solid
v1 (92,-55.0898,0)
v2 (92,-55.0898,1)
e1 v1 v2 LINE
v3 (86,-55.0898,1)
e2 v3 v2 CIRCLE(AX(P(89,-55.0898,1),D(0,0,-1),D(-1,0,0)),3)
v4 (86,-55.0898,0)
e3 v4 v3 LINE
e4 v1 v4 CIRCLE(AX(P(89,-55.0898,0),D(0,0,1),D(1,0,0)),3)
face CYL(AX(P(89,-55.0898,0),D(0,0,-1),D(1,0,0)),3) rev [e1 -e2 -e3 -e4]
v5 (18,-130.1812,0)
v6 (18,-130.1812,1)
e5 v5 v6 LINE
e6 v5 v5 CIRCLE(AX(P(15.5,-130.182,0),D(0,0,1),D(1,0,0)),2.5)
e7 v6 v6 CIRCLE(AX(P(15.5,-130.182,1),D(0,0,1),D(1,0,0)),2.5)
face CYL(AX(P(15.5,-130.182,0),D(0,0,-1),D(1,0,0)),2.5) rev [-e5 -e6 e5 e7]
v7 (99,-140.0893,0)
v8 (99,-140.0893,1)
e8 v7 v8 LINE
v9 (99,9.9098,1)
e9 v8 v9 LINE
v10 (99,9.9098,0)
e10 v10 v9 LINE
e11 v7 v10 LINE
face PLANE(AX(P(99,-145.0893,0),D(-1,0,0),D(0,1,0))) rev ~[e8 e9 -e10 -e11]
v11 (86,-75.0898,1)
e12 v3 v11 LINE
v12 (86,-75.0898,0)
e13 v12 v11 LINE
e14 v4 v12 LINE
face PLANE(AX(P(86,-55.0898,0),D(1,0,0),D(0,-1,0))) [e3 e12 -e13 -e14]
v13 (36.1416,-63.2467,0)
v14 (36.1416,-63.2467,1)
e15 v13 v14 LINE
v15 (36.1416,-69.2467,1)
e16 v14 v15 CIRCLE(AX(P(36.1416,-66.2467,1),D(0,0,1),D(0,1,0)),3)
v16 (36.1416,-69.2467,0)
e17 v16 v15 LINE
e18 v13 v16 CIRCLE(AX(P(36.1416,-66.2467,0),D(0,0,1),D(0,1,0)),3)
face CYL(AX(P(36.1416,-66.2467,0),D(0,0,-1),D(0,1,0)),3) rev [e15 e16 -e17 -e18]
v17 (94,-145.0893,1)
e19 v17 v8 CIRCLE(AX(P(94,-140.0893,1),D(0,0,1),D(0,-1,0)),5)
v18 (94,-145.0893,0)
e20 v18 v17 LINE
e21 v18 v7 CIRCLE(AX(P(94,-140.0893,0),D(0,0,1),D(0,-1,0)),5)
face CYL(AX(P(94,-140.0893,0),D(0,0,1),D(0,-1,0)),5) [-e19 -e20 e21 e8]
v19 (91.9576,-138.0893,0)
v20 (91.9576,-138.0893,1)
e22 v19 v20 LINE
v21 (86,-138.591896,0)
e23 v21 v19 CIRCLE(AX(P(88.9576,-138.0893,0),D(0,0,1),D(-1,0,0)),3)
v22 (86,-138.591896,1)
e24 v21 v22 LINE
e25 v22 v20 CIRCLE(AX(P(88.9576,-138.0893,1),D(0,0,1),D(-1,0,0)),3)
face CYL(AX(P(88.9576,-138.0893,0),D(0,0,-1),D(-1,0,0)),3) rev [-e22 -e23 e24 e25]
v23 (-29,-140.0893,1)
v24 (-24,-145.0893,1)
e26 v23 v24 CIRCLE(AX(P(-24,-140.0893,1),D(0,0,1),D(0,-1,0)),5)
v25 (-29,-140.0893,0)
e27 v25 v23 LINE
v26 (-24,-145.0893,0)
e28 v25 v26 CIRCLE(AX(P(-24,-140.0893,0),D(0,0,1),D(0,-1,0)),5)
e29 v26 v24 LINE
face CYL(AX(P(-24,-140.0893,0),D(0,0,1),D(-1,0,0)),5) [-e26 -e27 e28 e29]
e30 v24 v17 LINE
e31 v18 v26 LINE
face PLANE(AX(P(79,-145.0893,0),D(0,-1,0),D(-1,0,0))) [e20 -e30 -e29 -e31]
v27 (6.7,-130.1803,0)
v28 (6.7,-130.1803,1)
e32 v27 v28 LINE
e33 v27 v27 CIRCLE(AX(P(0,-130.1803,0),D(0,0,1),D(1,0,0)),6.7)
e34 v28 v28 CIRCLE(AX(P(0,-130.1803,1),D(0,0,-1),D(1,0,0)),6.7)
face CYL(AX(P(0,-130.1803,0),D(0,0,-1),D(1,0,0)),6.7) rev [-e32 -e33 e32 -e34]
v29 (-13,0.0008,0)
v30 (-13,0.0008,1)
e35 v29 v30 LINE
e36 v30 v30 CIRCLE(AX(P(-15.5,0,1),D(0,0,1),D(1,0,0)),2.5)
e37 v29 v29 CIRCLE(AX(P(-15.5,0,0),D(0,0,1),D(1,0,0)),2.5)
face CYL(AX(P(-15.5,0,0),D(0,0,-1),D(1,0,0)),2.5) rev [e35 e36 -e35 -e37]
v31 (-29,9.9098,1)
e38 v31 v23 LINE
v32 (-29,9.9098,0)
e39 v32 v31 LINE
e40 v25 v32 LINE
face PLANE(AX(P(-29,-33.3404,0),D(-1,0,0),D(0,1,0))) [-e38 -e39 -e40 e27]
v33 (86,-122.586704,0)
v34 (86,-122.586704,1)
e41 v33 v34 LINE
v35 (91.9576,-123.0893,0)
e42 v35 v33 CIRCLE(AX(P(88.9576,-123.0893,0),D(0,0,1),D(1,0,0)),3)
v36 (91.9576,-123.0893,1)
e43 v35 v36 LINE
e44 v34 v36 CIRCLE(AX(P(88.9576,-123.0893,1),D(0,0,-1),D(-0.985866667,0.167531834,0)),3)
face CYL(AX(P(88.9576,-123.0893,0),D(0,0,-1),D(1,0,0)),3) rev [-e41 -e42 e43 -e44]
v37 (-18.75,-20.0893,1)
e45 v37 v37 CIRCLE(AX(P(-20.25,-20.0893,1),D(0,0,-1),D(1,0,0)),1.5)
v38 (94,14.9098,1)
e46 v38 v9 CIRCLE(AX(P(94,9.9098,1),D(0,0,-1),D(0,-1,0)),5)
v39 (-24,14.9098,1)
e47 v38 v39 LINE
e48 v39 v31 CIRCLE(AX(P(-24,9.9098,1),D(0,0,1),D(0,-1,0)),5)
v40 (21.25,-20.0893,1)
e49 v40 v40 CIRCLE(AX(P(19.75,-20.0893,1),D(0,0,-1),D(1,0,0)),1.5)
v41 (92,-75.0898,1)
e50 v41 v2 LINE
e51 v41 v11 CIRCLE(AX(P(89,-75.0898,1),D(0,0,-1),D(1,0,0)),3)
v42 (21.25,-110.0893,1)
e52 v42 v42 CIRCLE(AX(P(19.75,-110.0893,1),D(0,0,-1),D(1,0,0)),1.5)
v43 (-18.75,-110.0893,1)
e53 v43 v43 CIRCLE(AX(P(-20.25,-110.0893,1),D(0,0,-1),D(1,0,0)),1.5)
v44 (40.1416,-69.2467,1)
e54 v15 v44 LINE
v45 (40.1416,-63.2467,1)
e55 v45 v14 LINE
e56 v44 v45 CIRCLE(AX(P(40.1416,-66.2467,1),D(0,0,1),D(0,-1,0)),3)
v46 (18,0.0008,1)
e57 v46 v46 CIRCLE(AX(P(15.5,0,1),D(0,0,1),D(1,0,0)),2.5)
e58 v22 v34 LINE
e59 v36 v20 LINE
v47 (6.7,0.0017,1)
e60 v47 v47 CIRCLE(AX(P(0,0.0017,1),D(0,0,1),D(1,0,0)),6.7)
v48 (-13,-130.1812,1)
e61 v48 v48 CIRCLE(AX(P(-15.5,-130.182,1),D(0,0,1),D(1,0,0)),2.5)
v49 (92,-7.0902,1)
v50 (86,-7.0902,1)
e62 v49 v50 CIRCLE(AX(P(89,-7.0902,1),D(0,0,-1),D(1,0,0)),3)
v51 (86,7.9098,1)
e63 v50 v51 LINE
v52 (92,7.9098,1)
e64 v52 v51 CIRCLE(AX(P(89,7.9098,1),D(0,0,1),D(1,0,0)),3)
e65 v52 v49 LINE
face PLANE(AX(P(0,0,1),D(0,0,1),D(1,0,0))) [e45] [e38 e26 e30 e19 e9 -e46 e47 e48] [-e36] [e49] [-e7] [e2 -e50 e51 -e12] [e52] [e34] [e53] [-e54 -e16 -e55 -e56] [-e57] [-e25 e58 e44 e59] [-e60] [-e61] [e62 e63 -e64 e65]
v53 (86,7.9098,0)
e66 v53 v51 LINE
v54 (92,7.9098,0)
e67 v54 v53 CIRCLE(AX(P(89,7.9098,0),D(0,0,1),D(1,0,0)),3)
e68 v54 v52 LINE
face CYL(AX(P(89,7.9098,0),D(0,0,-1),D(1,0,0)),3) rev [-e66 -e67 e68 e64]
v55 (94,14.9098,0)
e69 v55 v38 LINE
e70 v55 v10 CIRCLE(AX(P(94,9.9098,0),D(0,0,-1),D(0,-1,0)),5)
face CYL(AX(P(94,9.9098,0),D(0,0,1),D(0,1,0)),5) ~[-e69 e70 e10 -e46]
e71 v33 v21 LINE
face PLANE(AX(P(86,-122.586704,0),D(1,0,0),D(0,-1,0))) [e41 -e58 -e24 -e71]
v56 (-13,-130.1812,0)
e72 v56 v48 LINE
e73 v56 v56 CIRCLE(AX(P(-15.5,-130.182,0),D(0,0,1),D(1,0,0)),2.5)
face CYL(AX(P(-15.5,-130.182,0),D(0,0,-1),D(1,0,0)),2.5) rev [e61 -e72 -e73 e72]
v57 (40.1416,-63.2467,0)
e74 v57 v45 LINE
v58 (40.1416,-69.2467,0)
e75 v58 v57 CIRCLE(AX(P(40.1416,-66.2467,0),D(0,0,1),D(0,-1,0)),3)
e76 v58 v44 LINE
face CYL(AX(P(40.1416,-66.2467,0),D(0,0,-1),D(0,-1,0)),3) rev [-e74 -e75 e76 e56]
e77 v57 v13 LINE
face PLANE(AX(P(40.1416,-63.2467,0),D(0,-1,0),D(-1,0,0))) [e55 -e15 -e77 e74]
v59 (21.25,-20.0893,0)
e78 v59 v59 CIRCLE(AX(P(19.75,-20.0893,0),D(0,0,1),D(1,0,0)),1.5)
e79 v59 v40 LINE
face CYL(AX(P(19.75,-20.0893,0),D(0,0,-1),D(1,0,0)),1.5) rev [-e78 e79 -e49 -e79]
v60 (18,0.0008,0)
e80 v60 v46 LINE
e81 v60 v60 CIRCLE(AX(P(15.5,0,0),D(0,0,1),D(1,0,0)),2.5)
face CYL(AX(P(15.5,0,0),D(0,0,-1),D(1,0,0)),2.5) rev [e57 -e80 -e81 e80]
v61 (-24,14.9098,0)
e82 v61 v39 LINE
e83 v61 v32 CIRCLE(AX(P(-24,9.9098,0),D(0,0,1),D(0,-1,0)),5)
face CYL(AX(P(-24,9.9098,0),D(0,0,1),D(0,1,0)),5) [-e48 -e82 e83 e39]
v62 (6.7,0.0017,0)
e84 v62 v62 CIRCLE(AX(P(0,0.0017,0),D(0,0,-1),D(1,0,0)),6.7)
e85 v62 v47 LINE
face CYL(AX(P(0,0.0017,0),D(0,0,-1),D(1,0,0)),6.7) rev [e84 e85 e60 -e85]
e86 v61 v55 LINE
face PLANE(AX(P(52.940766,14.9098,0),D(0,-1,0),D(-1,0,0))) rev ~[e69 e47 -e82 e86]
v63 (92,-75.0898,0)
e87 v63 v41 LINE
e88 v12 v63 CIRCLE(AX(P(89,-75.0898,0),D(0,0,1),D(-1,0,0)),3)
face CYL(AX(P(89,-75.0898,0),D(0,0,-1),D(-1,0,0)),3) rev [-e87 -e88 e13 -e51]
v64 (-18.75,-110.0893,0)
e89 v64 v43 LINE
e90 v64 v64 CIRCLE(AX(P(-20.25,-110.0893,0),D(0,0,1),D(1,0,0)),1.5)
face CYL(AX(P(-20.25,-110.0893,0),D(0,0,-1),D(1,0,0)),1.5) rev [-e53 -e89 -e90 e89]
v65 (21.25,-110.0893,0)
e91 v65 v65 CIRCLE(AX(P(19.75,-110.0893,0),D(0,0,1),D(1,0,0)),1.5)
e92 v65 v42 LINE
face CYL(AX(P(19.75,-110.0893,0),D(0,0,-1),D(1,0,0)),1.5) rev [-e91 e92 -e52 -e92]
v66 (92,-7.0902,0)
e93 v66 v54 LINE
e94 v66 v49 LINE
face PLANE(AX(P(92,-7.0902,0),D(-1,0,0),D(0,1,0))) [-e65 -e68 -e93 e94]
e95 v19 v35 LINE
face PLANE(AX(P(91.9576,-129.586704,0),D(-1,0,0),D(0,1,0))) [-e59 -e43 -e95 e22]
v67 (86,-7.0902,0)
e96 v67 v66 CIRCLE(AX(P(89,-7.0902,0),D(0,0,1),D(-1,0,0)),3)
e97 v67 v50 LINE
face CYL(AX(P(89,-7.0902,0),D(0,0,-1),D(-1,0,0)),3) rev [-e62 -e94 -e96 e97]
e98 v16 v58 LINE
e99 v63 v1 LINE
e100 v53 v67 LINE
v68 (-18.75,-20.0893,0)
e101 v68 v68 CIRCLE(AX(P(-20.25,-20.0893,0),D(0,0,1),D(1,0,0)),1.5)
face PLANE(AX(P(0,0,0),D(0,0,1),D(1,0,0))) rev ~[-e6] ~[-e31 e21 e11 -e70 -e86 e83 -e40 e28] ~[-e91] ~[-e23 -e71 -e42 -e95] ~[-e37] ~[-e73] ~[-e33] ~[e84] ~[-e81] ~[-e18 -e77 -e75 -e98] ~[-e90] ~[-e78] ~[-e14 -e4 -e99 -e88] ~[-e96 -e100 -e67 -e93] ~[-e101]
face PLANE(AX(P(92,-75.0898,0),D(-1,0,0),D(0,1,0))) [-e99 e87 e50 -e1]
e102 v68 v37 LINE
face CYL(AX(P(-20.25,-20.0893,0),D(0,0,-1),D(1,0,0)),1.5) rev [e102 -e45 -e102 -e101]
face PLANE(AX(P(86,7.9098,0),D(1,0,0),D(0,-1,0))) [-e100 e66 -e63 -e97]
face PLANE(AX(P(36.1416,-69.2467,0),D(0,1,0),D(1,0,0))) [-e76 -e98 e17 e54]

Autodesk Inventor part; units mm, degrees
ref_plane "YZ Plane" through (0, 0, 0) normal (1, 0, 0) x (0, 1, 0)
ref_plane "XZ Plane" through (0, 0, 0) normal (0, 1, 0) x (-1, 0, 0)
ref_plane "XY Plane" through (0, 0, 0) normal (0, 0, 1) x (1, 0, 0)
sketch "スケッチ1" plane through (0, 0, 0) normal (0, 0, 1) x (1, 0, 0)
  circle A0 centre (-15.5, 0) radius 2.5 projected
  circle A1 centre (15.5, 0) radius 2.5 projected
  circle A2 centre (0, 0) radius 11 projected
  line L0 (-15.1987, 13) -> (15.1987, 13) projected
  arc A3 (15.1987, -13) -> (15.1987, 13) centre (0, 0) ccw projected
  line L1 (15.1987, -13) -> (-15.1987, -13) projected
  arc A4 (-15.1987, 13) -> (-15.1987, -13) centre (0, 0) ccw projected
  circle A5 centre (-15.5, -130.182) radius 2.5 projected
  circle A6 centre (15.5, -130.182) radius 2.5 projected
  circle A7 centre (0, -130.182) radius 11 projected
  line L2 (-15.1987, -143.182) -> (15.1987, -143.182) projected
  arc A8 (-15.1987, -117.182) -> (-15.1987, -143.182) centre (0, -130.182) ccw projected
  line L3 (15.1987, -117.182) -> (-15.1987, -117.182) projected
  arc A9 (15.1987, -143.182) -> (15.1987, -117.182) centre (0, -130.182) ccw projected
  circle A10 centre (0, -130.182) radius 5 projected
  circle A11 centre (0, 0) radius 5 projected
  line L4 (-29, -33.3404) -> (-29, 14.9098) projected
  line L5 (99, -145.0893) -> (-29, -145.0893) projected
  line L6 (-29, -63.34) -> (-29, -33.3408)
  line L7 (99, -145.0893) -> (99, 14.9098)
  line L8 (99, 14.9098) -> (297.1795, 14.9098)
  line L9 (297.1795, 14.9098) -> (297.1795, -145.0893)
  line L10 (297.1795, -145.0893) -> (99, -145.0893)
  circle A12 centre (0, -130.1819) radius 55
  circle A13 centre (0, 0.0009) radius 55
  line L11 (297.1795, -145.0893) -> (237.1795, -145.0893)
  line L12 (237.1795, -145.0893) -> (237.1795, 14.9098)
  line L13 (237.1795, 14.9098) -> (297.1795, 14.9098)
  line L14 (297.1795, 14.9098) -> (297.1795, -145.0893)
  line L15 (99, 14.9098) -> (-29, 14.9098) projected
  line L16 (99, 14.9098) -> (99, -145.0893) projected
  line L17 (92, -168.0902) -> (92, 36.9098) projected
  line L18 (86, 36.9098) -> (86, -168.0902) projected
  line L19 (89, 7.9098) -> (89, -7.0902) construction
  line L20 (92, 7.9098) -> (92, -7.0902)
  line L21 (86, -7.0902) -> (86, 7.9098)
  arc A14 (92, 7.9098) -> (86, 7.9098) centre (89, 7.9098) ccw
  arc A15 (86, -7.0902) -> (92, -7.0902) centre (89, -7.0902) ccw
  line L22 (87.3545, -74.7724) -> (87.3545, -54.7724) construction
  line L23 (90.3545, -74.7724) -> (90.3545, -54.7724)
  line L24 (84.3545, -54.7724) -> (84.3545, -74.7724)
  arc A16 (84.3545, -74.7724) -> (90.3545, -74.7724) centre (87.3545, -74.7724) ccw
  arc A17 (90.3545, -54.7724) -> (84.3545, -54.7724) centre (87.3545, -54.7724) ccw
  line L25 (-29, -145.0893) -> (-0.25, -145.0893)
  line L26 (-0.25, -145.0893) -> (-0.25, 14.9098)
  line L27 (-0.25, 14.9098) -> (-29, 14.9098)
  line L28 (-29, 14.9098) -> (-29, -145.0893)
  line L29 (19.75, -105.0893) -> (19.75, -25.0893)
  line L30 (19.75, -25.0893) -> (-20.25, -25.0893)
  line L31 (-20.25, -25.0893) -> (-20.25, -105.0893)
  line L32 (-20.25, -105.0893) -> (19.75, -105.0893)
  line L33 (19.75, -105.0893) -> (-20.25, -25.0893) construction
  line L34 (19.75, -25.0893) -> (-20.25, -105.0893) construction
  line L35 (19.75, -110.0893) -> (19.75, -20.0893)
  line L36 (19.75, -20.0893) -> (-20.25, -20.0893)
  line L37 (-20.25, -20.0893) -> (-20.25, -110.0893)
  line L38 (-20.25, -110.0893) -> (19.75, -110.0893)
  line L39 (19.75, -110.0893) -> (-20.25, -20.0893) construction
  line L40 (19.75, -20.0893) -> (-20.25, -110.0893) construction
  circle A18 centre (19.75, -110.0893) radius 1.5
  circle A19 centre (19.75, -20.0893) radius 1.5
  circle A20 centre (-20.25, -20.0893) radius 1.5
  circle A21 centre (-20.25, -110.0893) radius 1.5
  line L41 (88.9576, -138.0893) -> (88.9576, -123.0893) construction
  line L42 (91.9576, -138.0893) -> (91.9576, -123.0893)
  line L43 (85.9576, -123.0893) -> (85.9576, -138.0893)
  arc A22 (85.9576, -138.0893) -> (91.9576, -138.0893) centre (88.9576, -138.0893) ccw
  arc A23 (91.9576, -123.0893) -> (85.9576, -123.0893) centre (88.9576, -123.0893) ccw
  line L44 (-15.829, -33.3462) -> (-29, -33.3404) projected
  line L45 (-29, -145.0893) -> (-29, -63.34) projected
  line L46 (-29, -63.34) -> (-16.162, -63.34) projected
  arc A24 (-16.162, -63.34) -> (-15.829, -33.3462) centre (-16.25, -48.3403) ccw projected
  line L47 (55.6416, -41.2467) -> (55.6416, -91.2467) projected
  arc A25 (55.6416, -91.2467) -> (80.6416, -91.2467) centre (68.1416, -91.2467) ccw projected
  line L48 (80.6416, -91.2467) -> (80.6416, -41.2467) projected
  arc A26 (80.6416, -41.2467) -> (55.6416, -41.2467) centre (68.1416, -41.2467) ccw projected
  line L49 (86, -55.0898) -> (86, -75.0898) projected
  arc A27 (86, -75.0898) -> (92, -75.0898) centre (89, -75.0898) ccw projected
  line L50 (92, -75.0898) -> (92, -55.0898) projected
  arc A28 (92, -55.0898) -> (86, -55.0898) centre (89, -55.0898) ccw projected
  circle A29 centre (48.7299, -140.0893) radius 1.5 projected
  circle A30 centre (14.75, -81.84) radius 15.8 projected
  circle A31 centre (-15.5, 0.0016) radius 2.5 projected
  circle A32 centre (-15.5, -130.1804) radius 2.5 projected
  arc A33 (86.1416, -121.2458) -> (90.1416, -121.2458) centre (88.1416, -121.2458) ccw projected
  line L51 (90.1416, -121.2458) -> (90.1416, -111.2458) projected
  arc A34 (90.1416, -111.2458) -> (86.1416, -111.2458) centre (88.1416, -111.2458) ccw projected
  line L52 (86.1416, -111.2458) -> (86.1416, -121.2458) projected
  arc A35 (56.1416, -21.2467) -> (60.1416, -21.2467) centre (58.1416, -21.2467) ccw projected
  line L53 (60.1416, -21.2467) -> (60.1416, -11.2467) projected
  arc A36 (60.1416, -11.2467) -> (56.1416, -11.2467) centre (58.1416, -11.2467) ccw projected
  line L54 (56.1416, -11.2467) -> (56.1416, -21.2467) projected
  arc A37 (92, 9.9098) -> (86, 9.9098) centre (89, 9.9098) ccw projected
  line L55 (86, 9.9098) -> (86, -0.0902) projected
  arc A38 (86, -0.0902) -> (92, -0.0902) centre (89, -0.0902) ccw projected
  line L56 (92, -0.0902) -> (92, 9.9098) projected
  arc A39 (56.1416, -121.2458) -> (60.1416, -121.2458) centre (58.1416, -121.2458) ccw projected
  line L57 (60.1416, -121.2458) -> (60.1416, -111.2458) projected
  arc A40 (60.1416, -111.2458) -> (56.1416, -111.2458) centre (58.1416, -111.2458) ccw projected
  line L58 (56.1416, -111.2458) -> (56.1416, -121.2458) projected
  circle A41 centre (68.7415, -140.0893) radius 1.5 projected
  circle A42 centre (0, -130.1803) radius 6.7 projected
  circle A43 centre (15.5, 0.0016) radius 2.5 projected
  circle A44 centre (0, 0.0017) radius 6.7 projected
  circle A45 centre (15.5, -130.1804) radius 2.5 projected
  circle A46 centre (48.73, 9.9098) radius 1.5 projected
  arc A47 (86, -140.0893) -> (92, -140.0893) centre (89, -140.0893) ccw projected
  line L59 (92, -140.0893) -> (92, -130.0893) projected
  arc A48 (92, -130.0893) -> (86, -130.0893) centre (89, -130.0893) ccw projected
  line L60 (86, -130.0893) -> (86, -140.0893) projected
  arc A49 (90.1416, -11.2467) -> (86.1416, -11.2467) centre (88.1416, -11.2467) ccw projected
  line L61 (86.1416, -11.2467) -> (86.1416, -21.2467) projected
  arc A50 (86.1416, -21.2467) -> (90.1416, -21.2467) centre (88.1416, -21.2467) ccw projected
  line L62 (90.1416, -21.2467) -> (90.1416, -11.2467) projected
  line L63 (40.1416, -63.2467) -> (36.1416, -63.2467) projected
  arc A51 (36.1416, -63.2467) -> (36.1416, -69.2467) centre (36.1416, -66.2467) ccw projected
  line L64 (36.1416, -69.2467) -> (40.1416, -69.2467) projected
  arc A52 (40.1416, -69.2467) -> (40.1416, -63.2467) centre (40.1416, -66.2467) ccw projected
  circle A53 centre (68.9885, 9.909) radius 1.5 projected
  circle A54 centre (68.9885, 9.9098) radius 1.5 projected
  line L65 (99, -145.0893) -> (79, -145.0893)
  line L66 (79, -145.0893) -> (79, 14.9098)
  line L67 (79, 14.9098) -> (99, 14.9098)
  line L68 (99, 14.9098) -> (99, -145.0893)
  point P0 (0, 0)
  point P1 (119, 14.909)
  point P2 (89, 0.4098)
  point P3 (92, 7.909)
  point P4 (92, -7.091)
  point P5 (86, -7.094)
  point P6 (86, 7.9142)
  point P7 (87.3545, -64.7724)
  point P8 (86, -7.0941)
  point P9 (86, 7.909)
  point P10 (92, -55.0901)
  point P11 (92, -75.0901)
  point P12 (86, -77.4492)
  point P13 (86, -52.0956)
  point P14 (114.2151, 14.909)
  point P15 (237.2519, 14.9098)
  point P16 (-0.25, -65.0893)
  point P17 (86, -7.0943)
  point P18 (86, -7.091)
  point P19 (88.9576, -130.5893)
  point P20 (86, -138.5921)
  point P21 (86, -122.5866)
  point P22 (112.6121, 14.909)
  point P23 (112.6121, 14.909)
  point P24 (92.6121, -145.0901)
  point P25 (92.6121, 14.909)
  point P26 (-0.25, -145.0901)
  point P27 (92.6121, 14.909)
  point P28 (-0.25, -145.0901)
  point P29 (237.1795, -145.0893)
  point P30 (237.1795, 14.909)
  point P31 (-29, -33.3412)
  point P32 (-29, -63.3408)
  point P33 (-0.25, -145.091)
  point P34 (-29, -33.3422)
  point P35 (-29, -63.3417)
  point P36 (-0.25, -145.091)
  point P37 (-0.25, -145.0908)
  point P38 (-0.25, -145.0908)
  point P39 (-0.25, -145.0905)
  point P40 (-0.25, -145.0905)
  point P41 (-0.25, -145.0902)
  point P42 (-0.25, -145.0902)
  point P43 (-0.25, -145.0899)
  point P44 (-0.25, -145.0899)
  point P45 (-0.25, -145.0896)
  point P46 (-0.25, -145.0896)
  point P47 (-0.25, -145.0893)
  point P48 (-0.25, -145.0893)
  point P49 (-13, -0.0021)
  point P50 (-18, 0.0038)
  point P51 (18, -0.0021)
  point P52 (13, 0.0038)
  point P53 (86, -7.0943)
  point P54 (-13, -130.1782)
  point P55 (-18, -130.1841)
  point P56 (18, -130.1782)
  point P57 (13, -130.1841)
  point P58 (92, -55.0881)
  point P59 (92, -75.0915)
  point P60 (86, -75.0915)
  point P61 (86, -55.0881)
  dimension "d2" = 110
  dimension "d3" = 110
  dimension "d4" = 60
  dimension "d5" = 159.9991
  dimension "d10" = 7
  dimension "d11" = 15
  dimension "d12" = 6
  dimension "d14" = 20
  dimension "d17" = 80
  dimension "d18" = 40
  dimension "d19" = 159.9991
  dimension "d20" = 80
  dimension "d21" = 90
  dimension "d22" = 40
  dimension "d23" = 3
  dimension "d24" = 3
  dimension "d25" = 3
  dimension "d26" = 3
  dimension "d27" = 15
  dimension "d29" = 7
  dimension "d30" = 20
extrude "押し出し1" add sketch "スケッチ1" along normal blind 1 contours A2 L26 A44 | A2 L26 L0 A3 L1 | L26 A44 A2 | A2 L26 L1 A4 L0 | L26 L15 A13 L29 L35 A19 L36 L1 A3 L0 | L0 A4 L1 L26 L36 A20 L37 L31 L44 L4 L15 | L36 A19 L35 L30 L26 | L26 L30 L37 A20 L36 | L15 L66 A26 L47 A25 L5 A12 A30 L29 A13 | L30 L29 A13 L26 | L26 A13 A24 L44 L31 L30 | L44 L31 A13 L6 | A13 L31 L46 L6 | L15 L18 A17 L24 A16 A23 L43 A22 L5 L66 A25 L48 A26 | L26 A12 L31 L46 A24 A13 | A13 L29 A30 A12 L26 | L44 A24 A13 L31 | L46 L31 A12 L28 | A13 A24 L46 L31 | L15 L17 A37 L18 | L66 A25 L47 A26 | A26 L48 A25 L66 | L26 A30 L32 L31 A12 | A12 A30 L26 | A30 A12 L29 | L29 A12 A30 | A12 L31 L37 A21 L38 L26 L3 A8 L2 L5 L28 | L15 L7 L5 L17 | A37 L17 A14 L18 | A12 L29 A30 L26 | L26 A30 | A12 A30 L29 | L5 L26 L2 A9 L3 L38 A18 L35 L29 A30 A12 | L32 L26 L38 A21 L37 | A30 L29 L32 L26 | L18 A47 L17 L5 | L32 L35 A18 L38 L26 | L26 A7 L3 A9 L2 | L2 A8 L3 L26 A7 | A15 A49 L61 A50 L62 L17 A28 A17 L18 | L18 A22 L42 A48 L17 A47 | L26 A42 A7 | A7 L26 A42 | A17 A28 L18 | L18 A16 L24 A17 | A15 A49 L62 A50 L61 | A22 L43 A23 L18 | A48 L42 A23 L51 A34 L52 A33 L18 A16 A27 L17 | A27 A16 L18 | A33 L52 A34 L51 A23 | A29 | L54 A36 L53 A35 | L58 A40 L57 A39 | A41 | A46 | A53
sketch "スケッチ2" plane through (0, 0, 0) normal (0, 0, -1) x (-1, 0, 0)
  point P0 (0, 0)
fillet "フィレット1" radius 5 4 edges at (-29, -145.0893, 0.5) (-29, 14.9098, 0.5) (99, -145.0893, 0.5) (99, 14.9098, 0.5)
properties part number "前方後方板"
